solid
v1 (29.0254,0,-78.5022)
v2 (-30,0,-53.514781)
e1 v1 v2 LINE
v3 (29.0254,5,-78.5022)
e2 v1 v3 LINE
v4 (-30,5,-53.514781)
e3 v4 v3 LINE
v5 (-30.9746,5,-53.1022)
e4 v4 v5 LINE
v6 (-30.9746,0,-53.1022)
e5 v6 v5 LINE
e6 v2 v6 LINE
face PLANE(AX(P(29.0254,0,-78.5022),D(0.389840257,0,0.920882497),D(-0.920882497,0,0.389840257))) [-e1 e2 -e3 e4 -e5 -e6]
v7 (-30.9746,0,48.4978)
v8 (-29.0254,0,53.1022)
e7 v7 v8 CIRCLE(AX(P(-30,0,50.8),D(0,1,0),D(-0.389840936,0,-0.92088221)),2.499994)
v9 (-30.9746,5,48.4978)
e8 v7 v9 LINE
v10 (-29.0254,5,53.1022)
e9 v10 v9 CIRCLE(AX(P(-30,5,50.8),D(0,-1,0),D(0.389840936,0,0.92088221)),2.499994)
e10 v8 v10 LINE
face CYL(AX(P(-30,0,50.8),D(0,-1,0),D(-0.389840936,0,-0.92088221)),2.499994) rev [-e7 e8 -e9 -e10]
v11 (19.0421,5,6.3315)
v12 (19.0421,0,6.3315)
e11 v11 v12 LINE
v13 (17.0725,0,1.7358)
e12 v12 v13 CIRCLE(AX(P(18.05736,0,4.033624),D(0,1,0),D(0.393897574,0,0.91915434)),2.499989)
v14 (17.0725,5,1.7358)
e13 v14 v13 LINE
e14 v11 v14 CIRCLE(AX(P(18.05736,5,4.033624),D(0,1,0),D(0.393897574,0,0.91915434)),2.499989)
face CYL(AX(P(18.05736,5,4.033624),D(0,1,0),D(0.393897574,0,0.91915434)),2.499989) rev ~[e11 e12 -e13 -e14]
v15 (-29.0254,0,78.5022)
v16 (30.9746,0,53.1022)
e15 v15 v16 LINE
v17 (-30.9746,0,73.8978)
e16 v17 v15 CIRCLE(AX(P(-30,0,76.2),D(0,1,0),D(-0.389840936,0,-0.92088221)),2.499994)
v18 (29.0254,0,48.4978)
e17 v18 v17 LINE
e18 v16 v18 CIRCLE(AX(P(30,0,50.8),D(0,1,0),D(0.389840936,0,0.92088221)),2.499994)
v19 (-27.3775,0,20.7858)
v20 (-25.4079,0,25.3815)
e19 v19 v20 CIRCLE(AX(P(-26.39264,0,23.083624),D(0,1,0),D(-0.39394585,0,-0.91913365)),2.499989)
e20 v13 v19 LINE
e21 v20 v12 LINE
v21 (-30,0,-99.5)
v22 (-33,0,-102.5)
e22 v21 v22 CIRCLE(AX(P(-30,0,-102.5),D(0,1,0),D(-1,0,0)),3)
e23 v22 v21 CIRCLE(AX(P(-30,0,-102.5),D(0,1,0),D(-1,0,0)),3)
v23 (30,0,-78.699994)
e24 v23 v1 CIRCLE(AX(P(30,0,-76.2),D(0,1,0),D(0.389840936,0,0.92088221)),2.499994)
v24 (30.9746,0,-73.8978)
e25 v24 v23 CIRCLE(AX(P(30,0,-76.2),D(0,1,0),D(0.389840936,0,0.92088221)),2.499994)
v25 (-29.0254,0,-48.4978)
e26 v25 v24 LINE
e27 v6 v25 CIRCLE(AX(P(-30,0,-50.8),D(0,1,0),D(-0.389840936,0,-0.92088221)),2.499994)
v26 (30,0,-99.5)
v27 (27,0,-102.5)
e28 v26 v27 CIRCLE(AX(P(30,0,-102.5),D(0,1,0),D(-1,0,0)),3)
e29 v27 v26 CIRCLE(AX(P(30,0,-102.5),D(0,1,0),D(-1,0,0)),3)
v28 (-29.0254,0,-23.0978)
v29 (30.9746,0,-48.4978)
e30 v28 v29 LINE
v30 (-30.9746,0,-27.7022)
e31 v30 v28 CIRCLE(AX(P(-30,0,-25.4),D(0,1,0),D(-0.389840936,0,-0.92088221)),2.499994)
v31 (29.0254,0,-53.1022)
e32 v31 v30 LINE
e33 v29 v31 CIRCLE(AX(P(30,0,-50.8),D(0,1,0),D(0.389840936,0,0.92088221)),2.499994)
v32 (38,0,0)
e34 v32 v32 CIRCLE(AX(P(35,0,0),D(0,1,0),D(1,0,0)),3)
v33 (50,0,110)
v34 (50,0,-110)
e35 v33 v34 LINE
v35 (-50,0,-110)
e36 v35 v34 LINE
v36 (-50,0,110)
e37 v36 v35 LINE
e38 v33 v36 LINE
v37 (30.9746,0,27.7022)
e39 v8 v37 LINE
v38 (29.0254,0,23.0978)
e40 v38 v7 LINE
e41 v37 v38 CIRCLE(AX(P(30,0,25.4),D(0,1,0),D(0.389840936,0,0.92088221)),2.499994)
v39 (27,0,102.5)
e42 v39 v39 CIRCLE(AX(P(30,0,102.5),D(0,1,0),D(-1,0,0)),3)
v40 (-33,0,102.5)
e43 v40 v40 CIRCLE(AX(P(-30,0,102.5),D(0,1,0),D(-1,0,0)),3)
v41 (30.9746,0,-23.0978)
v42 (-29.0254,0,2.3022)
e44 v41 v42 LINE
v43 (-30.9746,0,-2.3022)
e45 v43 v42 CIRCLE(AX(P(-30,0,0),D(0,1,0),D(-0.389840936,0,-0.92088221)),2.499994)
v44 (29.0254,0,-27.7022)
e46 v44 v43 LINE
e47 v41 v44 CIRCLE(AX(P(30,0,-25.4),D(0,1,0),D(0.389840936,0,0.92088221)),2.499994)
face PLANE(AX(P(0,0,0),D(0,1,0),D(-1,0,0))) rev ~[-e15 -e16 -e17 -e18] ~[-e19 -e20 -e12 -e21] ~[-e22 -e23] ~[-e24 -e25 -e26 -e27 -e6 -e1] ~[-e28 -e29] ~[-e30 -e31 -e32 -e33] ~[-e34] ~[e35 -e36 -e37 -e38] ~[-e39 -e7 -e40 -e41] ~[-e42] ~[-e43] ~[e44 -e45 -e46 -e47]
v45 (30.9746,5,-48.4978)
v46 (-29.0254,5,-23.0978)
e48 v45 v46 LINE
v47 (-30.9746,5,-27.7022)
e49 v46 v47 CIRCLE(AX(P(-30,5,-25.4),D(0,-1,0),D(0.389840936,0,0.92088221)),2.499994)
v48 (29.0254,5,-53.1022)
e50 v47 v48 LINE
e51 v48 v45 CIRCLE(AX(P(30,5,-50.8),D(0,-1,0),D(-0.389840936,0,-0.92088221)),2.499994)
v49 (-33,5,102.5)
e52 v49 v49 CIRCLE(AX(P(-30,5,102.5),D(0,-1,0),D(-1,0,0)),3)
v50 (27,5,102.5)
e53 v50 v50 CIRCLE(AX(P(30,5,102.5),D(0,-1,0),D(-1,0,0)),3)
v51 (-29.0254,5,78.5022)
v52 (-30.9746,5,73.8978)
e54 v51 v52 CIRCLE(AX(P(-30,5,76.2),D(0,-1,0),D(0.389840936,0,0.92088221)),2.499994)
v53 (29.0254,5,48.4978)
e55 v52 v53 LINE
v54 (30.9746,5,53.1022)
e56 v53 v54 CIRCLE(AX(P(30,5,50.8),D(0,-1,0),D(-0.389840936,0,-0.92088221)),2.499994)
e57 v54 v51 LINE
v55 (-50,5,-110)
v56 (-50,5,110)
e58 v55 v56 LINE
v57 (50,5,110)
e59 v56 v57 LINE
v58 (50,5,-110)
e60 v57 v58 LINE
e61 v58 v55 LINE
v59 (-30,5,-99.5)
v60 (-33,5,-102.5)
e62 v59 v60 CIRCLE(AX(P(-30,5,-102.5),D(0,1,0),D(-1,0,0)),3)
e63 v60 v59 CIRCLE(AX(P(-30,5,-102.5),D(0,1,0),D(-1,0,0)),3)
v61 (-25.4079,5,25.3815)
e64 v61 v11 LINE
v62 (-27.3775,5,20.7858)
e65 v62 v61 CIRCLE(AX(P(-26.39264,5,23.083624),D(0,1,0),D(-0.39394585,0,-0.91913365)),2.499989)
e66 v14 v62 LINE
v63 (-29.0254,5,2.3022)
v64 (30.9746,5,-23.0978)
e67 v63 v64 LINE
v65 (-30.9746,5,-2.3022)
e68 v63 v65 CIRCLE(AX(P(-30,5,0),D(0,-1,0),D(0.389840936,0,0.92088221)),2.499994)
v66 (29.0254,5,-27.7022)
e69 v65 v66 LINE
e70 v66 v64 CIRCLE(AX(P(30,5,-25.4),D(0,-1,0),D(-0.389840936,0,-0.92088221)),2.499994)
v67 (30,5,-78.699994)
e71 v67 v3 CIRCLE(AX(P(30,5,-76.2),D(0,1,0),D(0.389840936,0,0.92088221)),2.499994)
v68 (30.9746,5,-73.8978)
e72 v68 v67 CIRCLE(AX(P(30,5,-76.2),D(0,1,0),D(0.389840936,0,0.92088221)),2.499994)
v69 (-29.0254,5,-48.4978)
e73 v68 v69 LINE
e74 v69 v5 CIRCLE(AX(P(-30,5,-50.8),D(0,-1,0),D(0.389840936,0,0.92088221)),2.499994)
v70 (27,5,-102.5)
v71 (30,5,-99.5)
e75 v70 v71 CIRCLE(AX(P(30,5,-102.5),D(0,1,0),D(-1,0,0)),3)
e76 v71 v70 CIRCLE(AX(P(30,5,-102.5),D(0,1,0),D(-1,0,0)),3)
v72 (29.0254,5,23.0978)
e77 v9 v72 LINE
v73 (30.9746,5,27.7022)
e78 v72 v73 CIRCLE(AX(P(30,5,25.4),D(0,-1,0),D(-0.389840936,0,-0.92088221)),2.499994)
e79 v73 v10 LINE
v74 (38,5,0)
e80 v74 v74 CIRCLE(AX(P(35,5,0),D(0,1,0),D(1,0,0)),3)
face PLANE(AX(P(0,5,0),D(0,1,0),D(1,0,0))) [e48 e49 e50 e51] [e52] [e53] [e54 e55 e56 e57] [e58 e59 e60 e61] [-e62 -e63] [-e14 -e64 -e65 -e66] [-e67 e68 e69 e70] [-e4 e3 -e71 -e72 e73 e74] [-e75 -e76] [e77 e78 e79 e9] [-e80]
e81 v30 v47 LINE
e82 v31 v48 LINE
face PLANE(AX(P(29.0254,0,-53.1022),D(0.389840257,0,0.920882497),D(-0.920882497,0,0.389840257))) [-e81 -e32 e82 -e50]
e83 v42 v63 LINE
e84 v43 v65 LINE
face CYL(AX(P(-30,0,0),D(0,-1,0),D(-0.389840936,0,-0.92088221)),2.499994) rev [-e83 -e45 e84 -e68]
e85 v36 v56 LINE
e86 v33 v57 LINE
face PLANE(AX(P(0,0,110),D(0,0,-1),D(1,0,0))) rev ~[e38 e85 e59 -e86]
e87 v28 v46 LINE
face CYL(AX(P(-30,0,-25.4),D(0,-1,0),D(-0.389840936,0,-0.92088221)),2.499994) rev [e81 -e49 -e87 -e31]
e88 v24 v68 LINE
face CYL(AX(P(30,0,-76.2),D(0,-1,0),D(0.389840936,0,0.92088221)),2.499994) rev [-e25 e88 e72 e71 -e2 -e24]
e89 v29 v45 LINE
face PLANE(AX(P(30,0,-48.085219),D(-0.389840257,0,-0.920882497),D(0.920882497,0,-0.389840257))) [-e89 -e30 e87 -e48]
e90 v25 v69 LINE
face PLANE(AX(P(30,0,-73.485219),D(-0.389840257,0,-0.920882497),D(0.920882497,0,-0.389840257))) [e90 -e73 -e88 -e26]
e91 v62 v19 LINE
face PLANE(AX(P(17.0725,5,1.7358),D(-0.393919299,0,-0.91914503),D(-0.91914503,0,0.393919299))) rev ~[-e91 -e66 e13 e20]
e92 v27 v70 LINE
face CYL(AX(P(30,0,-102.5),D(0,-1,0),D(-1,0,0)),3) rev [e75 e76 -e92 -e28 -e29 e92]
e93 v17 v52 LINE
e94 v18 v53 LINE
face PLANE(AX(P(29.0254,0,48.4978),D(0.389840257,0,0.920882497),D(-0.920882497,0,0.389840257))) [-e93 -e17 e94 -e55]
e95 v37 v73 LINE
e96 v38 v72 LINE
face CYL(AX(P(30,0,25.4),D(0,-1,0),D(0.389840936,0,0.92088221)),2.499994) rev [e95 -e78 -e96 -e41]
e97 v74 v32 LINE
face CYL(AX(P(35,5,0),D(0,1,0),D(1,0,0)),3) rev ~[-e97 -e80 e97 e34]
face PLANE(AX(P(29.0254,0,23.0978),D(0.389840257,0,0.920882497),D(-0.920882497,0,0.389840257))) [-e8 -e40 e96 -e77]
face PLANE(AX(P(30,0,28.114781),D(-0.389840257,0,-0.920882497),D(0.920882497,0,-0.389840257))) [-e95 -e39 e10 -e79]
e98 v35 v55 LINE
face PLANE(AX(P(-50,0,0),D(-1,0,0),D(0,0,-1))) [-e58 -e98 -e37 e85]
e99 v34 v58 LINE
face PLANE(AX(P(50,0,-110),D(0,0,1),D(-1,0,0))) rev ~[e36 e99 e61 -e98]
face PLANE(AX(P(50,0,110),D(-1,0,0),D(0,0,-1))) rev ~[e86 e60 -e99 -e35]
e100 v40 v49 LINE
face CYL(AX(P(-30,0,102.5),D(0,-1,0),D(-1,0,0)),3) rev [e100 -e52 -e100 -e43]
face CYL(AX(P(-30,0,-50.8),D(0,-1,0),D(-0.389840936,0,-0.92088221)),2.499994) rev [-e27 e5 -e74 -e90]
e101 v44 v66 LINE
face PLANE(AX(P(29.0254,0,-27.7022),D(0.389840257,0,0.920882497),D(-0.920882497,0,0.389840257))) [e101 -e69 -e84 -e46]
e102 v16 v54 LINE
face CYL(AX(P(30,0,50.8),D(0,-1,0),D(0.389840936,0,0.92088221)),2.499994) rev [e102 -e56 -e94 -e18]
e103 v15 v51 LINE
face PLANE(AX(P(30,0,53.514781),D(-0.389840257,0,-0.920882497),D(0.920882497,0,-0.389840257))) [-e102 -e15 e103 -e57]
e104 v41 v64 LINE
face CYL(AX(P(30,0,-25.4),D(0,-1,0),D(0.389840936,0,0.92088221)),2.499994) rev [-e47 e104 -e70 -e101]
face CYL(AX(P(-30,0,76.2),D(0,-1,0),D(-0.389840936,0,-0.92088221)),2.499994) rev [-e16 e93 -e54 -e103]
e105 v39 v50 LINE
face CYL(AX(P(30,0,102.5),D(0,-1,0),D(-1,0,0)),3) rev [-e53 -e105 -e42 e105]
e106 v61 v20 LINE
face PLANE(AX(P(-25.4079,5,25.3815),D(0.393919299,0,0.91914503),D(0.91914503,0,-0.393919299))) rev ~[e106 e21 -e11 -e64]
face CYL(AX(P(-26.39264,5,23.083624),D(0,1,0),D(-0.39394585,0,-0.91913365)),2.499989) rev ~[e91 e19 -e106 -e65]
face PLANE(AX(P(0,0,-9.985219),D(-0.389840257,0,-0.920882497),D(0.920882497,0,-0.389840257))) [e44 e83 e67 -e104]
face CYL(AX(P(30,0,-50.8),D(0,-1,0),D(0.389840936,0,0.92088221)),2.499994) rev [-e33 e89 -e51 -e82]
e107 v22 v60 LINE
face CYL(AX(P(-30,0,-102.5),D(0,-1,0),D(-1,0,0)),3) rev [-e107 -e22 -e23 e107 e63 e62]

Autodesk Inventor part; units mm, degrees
ref_plane "YZ Plane" through (0, 0, 0) normal (1, 0, 0) x (0, 1, 0)
ref_plane "XZ Plane" through (0, 0, 0) normal (0, 1, 0) x (-1, 0, 0)
ref_plane "XY Plane" through (0, 0, 0) normal (0, 0, 1) x (1, 0, 0)
sketch "Sketch1" plane through (0, 0, 0) normal (0, 1, 0) x (-1, 0, 0)
  line L0 (0, 0) -> (0, 110)
  line L1 (0, 110) -> (50, 110)
  line L2 (50, 110) -> (50, -110)
  line L3 (50, -110) -> (0, -110)
  line L4 (0, -110) -> (0, 0)
  line L5 (50, 0) -> (0, 0)
  line L6 (50, 110) -> (50, 102.5)
  line L7 (50, 102.5) -> (30, 102.5)
  line L8 (0, 110) -> (-50, 110)
  line L9 (-50, 110) -> (-50, -110)
  line L10 (-50, -110) -> (0, -110)
  circle A0 centre (30, 102.5) radius 3
  line L11 (30, 102.5) -> (-30, 102.5)
  circle A1 centre (-30, 102.5) radius 3
  circle A2 centre (30, -102.5) radius 3
  circle A3 centre (-30, -102.5) radius 3
  line L12 (30, 102.5) -> (30, -102.5)
  line L13 (-30, 102.5) -> (-30, -102.5)
  line L14 (30, 76.2) -> (-30, 50.8) construction
  line L15 (29.0254, 78.5022) -> (-30.9746, 53.1022)
  line L16 (-29.0254, 48.4978) -> (30.9746, 73.8978)
  arc A4 (30.9746, 73.8978) -> (29.0254, 78.5022) centre (30, 76.2) ccw
  arc A5 (-30.9746, 53.1022) -> (-29.0254, 48.4978) centre (-30, 50.8) ccw
  line L17 (30, 50.8) -> (-30, 25.4) construction
  line L18 (29.0254, 53.1022) -> (-30.9746, 27.7022)
  line L19 (-29.0254, 23.0978) -> (30.9746, 48.4978)
  arc A6 (30.9746, 48.4978) -> (29.0254, 53.1022) centre (30, 50.8) ccw
  arc A7 (-30.9746, 27.7022) -> (-29.0254, 23.0978) centre (-30, 25.4) ccw
  line L20 (30, 25.4) -> (-30, 0) construction
  line L21 (29.0254, 27.7022) -> (-30.9746, 2.3022)
  line L22 (-29.0254, -2.3022) -> (30.9746, 23.0978)
  arc A8 (30.9746, 23.0978) -> (29.0254, 27.7022) centre (30, 25.4) ccw
  arc A9 (-30.9746, 2.3022) -> (-29.0254, -2.3022) centre (-30, 0) ccw
  line L23 (30, 0) -> (-30, -25.4) construction
  line L24 (29.0254, 2.3022) -> (-30.9746, -23.0978)
  line L25 (-29.0254, -27.7022) -> (30.9746, -2.3022)
  arc A10 (30.9746, -2.3022) -> (29.0254, 2.3022) centre (30, 0) ccw
  arc A11 (-30.9746, -23.0978) -> (-29.0254, -27.7022) centre (-30, -25.4) ccw
  line L26 (30, -25.4) -> (-30, -50.8) construction
  line L27 (29.0254, -23.0978) -> (-30.9746, -48.4978)
  line L28 (-29.0254, -53.1022) -> (30.9746, -27.7022)
  arc A12 (30.9746, -27.7022) -> (29.0254, -23.0978) centre (30, -25.4) ccw
  arc A13 (-30.9746, -48.4978) -> (-29.0254, -53.1022) centre (-30, -50.8) ccw
  line L29 (30, -50.8) -> (-30, -76.2) construction
  line L30 (29.0254, -48.4978) -> (-30.9746, -73.8978)
  line L31 (-29.0254, -78.5022) -> (30.9746, -53.1022)
  arc A14 (30.9746, -53.1022) -> (29.0254, -48.4978) centre (30, -50.8) ccw
  arc A15 (-30.9746, -73.8978) -> (-29.0254, -78.5022) centre (-30, -76.2) ccw
  point P0 (0, 63.5)
  point P1 (0, 38.1)
  point P2 (0, 12.7)
  point P3 (0, -12.7)
  point P4 (0, -38.1)
  point P5 (0, -63.5)
  dimension "d0" = 110
  dimension "d1" = 50
  dimension "d2" = 220
  dimension "d3" = 7.5
  dimension "d4" = 20
  dimension "d5" = 50
  dimension "d6" = 6
  dimension "d7" = 60
  dimension "d8" = 6
  dimension "d9" = 5
  dimension "d10" = 5
  dimension "d11" = 5
  dimension "d12" = 5
  dimension "d13" = 5
  dimension "d14" = 5
extrude "Extrusion1" add sketch "Sketch1" along normal blind 5 contours L4 L24 L13 A9 L22 L0 | L5 L24 L4 | L0 L22 L12 A10 L24 L5 | L21 L13 A7 L19 L0 | L0 L19 L12 A8 L21 | L22 A8 L12 L19 A6 L16 A4 A0 L7 L2 L5 A10 | L25 L12 A12 L27 L4 | L4 L27 L13 A11 L25 | L24 A11 L13 L27 A13 L30 A15 L31 L4 L10 L9 L8 L0 L11 A1 L15 A5 L18 A7 L21 A9 | L25 A10 L5 L2 L3 L4 L31 A14 L12 L28 A12 | L18 L13 A5 L16 L0 | L0 L16 L12 A6 L18 | L28 L12 A14 L30 L4 | L4 L30 L13 A13 L28 | L7 A0 L11 L0 L1 L2 | L15 L13 A1 L11 L0 | L0 L11 A0 L12 A4 L15
sketch "Sketch2" plane through (0, 5, 0) normal (0, 1, 0) x (1, 0, 0)
  line L0 (-30.9746, -23.0978) -> (29.0254, 2.3022) projected
  line L1 (29.0254, 2.3022) -> (-30.9746, -23.0978)
  line L2 (30.9746, -2.3022) -> (-29.0254, -27.7022) projected
  line L3 (30.9746, -2.3022) -> (-29.0254, -27.7022)
  arc A0 (30.9746, -2.3022) -> (29.0254, 2.3022) centre (30, 0) ccw projected
  arc A1 (30.9746, -2.3022) -> (29.0254, 2.3022) centre (30, 0) ccw
  arc A2 (-30.9746, -23.0978) -> (-29.0254, -27.7022) centre (-30, -25.4) ccw projected
  arc A3 (-30.9746, -23.0978) -> (-29.0254, -27.7022) centre (-30, -25.4) ccw
  point P0 (0, 0)
extrude "Extrusion2" add sketch "Sketch2" against normal blind 5
sketch "Sketch3" plane through (0, 5, 0) normal (0, 1, 0) x (1, 0, 0)
  line L0 (50, -110) -> (50, 110) projected
  line L1 (50, 110) -> (50, 0)
  line L2 (50, 0) -> (35, 0)
  circle A0 centre (35, 0) radius 3
  line L3 (-26.3927, -23.0836) -> (18.0573, -4.0336) construction
  line L4 (-25.4079, -25.3815) -> (19.0421, -6.3315)
  line L5 (17.0725, -1.7358) -> (-27.3775, -20.7858)
  arc A1 (-27.3775, -20.7858) -> (-25.4079, -25.3815) centre (-26.3927, -23.0836) ccw
  arc A2 (19.0421, -6.3315) -> (17.0725, -1.7358) centre (18.0573, -4.0336) ccw
  point P0 (0, 0)
  point P1 (-4.1677, -13.5586)
  dimension "d19" = 15
  dimension "d20" = 6
  dimension "d21" = 5
extrude "Extrusion3" cut sketch "Sketch3" against normal blind 5
properties part number "left_side"
